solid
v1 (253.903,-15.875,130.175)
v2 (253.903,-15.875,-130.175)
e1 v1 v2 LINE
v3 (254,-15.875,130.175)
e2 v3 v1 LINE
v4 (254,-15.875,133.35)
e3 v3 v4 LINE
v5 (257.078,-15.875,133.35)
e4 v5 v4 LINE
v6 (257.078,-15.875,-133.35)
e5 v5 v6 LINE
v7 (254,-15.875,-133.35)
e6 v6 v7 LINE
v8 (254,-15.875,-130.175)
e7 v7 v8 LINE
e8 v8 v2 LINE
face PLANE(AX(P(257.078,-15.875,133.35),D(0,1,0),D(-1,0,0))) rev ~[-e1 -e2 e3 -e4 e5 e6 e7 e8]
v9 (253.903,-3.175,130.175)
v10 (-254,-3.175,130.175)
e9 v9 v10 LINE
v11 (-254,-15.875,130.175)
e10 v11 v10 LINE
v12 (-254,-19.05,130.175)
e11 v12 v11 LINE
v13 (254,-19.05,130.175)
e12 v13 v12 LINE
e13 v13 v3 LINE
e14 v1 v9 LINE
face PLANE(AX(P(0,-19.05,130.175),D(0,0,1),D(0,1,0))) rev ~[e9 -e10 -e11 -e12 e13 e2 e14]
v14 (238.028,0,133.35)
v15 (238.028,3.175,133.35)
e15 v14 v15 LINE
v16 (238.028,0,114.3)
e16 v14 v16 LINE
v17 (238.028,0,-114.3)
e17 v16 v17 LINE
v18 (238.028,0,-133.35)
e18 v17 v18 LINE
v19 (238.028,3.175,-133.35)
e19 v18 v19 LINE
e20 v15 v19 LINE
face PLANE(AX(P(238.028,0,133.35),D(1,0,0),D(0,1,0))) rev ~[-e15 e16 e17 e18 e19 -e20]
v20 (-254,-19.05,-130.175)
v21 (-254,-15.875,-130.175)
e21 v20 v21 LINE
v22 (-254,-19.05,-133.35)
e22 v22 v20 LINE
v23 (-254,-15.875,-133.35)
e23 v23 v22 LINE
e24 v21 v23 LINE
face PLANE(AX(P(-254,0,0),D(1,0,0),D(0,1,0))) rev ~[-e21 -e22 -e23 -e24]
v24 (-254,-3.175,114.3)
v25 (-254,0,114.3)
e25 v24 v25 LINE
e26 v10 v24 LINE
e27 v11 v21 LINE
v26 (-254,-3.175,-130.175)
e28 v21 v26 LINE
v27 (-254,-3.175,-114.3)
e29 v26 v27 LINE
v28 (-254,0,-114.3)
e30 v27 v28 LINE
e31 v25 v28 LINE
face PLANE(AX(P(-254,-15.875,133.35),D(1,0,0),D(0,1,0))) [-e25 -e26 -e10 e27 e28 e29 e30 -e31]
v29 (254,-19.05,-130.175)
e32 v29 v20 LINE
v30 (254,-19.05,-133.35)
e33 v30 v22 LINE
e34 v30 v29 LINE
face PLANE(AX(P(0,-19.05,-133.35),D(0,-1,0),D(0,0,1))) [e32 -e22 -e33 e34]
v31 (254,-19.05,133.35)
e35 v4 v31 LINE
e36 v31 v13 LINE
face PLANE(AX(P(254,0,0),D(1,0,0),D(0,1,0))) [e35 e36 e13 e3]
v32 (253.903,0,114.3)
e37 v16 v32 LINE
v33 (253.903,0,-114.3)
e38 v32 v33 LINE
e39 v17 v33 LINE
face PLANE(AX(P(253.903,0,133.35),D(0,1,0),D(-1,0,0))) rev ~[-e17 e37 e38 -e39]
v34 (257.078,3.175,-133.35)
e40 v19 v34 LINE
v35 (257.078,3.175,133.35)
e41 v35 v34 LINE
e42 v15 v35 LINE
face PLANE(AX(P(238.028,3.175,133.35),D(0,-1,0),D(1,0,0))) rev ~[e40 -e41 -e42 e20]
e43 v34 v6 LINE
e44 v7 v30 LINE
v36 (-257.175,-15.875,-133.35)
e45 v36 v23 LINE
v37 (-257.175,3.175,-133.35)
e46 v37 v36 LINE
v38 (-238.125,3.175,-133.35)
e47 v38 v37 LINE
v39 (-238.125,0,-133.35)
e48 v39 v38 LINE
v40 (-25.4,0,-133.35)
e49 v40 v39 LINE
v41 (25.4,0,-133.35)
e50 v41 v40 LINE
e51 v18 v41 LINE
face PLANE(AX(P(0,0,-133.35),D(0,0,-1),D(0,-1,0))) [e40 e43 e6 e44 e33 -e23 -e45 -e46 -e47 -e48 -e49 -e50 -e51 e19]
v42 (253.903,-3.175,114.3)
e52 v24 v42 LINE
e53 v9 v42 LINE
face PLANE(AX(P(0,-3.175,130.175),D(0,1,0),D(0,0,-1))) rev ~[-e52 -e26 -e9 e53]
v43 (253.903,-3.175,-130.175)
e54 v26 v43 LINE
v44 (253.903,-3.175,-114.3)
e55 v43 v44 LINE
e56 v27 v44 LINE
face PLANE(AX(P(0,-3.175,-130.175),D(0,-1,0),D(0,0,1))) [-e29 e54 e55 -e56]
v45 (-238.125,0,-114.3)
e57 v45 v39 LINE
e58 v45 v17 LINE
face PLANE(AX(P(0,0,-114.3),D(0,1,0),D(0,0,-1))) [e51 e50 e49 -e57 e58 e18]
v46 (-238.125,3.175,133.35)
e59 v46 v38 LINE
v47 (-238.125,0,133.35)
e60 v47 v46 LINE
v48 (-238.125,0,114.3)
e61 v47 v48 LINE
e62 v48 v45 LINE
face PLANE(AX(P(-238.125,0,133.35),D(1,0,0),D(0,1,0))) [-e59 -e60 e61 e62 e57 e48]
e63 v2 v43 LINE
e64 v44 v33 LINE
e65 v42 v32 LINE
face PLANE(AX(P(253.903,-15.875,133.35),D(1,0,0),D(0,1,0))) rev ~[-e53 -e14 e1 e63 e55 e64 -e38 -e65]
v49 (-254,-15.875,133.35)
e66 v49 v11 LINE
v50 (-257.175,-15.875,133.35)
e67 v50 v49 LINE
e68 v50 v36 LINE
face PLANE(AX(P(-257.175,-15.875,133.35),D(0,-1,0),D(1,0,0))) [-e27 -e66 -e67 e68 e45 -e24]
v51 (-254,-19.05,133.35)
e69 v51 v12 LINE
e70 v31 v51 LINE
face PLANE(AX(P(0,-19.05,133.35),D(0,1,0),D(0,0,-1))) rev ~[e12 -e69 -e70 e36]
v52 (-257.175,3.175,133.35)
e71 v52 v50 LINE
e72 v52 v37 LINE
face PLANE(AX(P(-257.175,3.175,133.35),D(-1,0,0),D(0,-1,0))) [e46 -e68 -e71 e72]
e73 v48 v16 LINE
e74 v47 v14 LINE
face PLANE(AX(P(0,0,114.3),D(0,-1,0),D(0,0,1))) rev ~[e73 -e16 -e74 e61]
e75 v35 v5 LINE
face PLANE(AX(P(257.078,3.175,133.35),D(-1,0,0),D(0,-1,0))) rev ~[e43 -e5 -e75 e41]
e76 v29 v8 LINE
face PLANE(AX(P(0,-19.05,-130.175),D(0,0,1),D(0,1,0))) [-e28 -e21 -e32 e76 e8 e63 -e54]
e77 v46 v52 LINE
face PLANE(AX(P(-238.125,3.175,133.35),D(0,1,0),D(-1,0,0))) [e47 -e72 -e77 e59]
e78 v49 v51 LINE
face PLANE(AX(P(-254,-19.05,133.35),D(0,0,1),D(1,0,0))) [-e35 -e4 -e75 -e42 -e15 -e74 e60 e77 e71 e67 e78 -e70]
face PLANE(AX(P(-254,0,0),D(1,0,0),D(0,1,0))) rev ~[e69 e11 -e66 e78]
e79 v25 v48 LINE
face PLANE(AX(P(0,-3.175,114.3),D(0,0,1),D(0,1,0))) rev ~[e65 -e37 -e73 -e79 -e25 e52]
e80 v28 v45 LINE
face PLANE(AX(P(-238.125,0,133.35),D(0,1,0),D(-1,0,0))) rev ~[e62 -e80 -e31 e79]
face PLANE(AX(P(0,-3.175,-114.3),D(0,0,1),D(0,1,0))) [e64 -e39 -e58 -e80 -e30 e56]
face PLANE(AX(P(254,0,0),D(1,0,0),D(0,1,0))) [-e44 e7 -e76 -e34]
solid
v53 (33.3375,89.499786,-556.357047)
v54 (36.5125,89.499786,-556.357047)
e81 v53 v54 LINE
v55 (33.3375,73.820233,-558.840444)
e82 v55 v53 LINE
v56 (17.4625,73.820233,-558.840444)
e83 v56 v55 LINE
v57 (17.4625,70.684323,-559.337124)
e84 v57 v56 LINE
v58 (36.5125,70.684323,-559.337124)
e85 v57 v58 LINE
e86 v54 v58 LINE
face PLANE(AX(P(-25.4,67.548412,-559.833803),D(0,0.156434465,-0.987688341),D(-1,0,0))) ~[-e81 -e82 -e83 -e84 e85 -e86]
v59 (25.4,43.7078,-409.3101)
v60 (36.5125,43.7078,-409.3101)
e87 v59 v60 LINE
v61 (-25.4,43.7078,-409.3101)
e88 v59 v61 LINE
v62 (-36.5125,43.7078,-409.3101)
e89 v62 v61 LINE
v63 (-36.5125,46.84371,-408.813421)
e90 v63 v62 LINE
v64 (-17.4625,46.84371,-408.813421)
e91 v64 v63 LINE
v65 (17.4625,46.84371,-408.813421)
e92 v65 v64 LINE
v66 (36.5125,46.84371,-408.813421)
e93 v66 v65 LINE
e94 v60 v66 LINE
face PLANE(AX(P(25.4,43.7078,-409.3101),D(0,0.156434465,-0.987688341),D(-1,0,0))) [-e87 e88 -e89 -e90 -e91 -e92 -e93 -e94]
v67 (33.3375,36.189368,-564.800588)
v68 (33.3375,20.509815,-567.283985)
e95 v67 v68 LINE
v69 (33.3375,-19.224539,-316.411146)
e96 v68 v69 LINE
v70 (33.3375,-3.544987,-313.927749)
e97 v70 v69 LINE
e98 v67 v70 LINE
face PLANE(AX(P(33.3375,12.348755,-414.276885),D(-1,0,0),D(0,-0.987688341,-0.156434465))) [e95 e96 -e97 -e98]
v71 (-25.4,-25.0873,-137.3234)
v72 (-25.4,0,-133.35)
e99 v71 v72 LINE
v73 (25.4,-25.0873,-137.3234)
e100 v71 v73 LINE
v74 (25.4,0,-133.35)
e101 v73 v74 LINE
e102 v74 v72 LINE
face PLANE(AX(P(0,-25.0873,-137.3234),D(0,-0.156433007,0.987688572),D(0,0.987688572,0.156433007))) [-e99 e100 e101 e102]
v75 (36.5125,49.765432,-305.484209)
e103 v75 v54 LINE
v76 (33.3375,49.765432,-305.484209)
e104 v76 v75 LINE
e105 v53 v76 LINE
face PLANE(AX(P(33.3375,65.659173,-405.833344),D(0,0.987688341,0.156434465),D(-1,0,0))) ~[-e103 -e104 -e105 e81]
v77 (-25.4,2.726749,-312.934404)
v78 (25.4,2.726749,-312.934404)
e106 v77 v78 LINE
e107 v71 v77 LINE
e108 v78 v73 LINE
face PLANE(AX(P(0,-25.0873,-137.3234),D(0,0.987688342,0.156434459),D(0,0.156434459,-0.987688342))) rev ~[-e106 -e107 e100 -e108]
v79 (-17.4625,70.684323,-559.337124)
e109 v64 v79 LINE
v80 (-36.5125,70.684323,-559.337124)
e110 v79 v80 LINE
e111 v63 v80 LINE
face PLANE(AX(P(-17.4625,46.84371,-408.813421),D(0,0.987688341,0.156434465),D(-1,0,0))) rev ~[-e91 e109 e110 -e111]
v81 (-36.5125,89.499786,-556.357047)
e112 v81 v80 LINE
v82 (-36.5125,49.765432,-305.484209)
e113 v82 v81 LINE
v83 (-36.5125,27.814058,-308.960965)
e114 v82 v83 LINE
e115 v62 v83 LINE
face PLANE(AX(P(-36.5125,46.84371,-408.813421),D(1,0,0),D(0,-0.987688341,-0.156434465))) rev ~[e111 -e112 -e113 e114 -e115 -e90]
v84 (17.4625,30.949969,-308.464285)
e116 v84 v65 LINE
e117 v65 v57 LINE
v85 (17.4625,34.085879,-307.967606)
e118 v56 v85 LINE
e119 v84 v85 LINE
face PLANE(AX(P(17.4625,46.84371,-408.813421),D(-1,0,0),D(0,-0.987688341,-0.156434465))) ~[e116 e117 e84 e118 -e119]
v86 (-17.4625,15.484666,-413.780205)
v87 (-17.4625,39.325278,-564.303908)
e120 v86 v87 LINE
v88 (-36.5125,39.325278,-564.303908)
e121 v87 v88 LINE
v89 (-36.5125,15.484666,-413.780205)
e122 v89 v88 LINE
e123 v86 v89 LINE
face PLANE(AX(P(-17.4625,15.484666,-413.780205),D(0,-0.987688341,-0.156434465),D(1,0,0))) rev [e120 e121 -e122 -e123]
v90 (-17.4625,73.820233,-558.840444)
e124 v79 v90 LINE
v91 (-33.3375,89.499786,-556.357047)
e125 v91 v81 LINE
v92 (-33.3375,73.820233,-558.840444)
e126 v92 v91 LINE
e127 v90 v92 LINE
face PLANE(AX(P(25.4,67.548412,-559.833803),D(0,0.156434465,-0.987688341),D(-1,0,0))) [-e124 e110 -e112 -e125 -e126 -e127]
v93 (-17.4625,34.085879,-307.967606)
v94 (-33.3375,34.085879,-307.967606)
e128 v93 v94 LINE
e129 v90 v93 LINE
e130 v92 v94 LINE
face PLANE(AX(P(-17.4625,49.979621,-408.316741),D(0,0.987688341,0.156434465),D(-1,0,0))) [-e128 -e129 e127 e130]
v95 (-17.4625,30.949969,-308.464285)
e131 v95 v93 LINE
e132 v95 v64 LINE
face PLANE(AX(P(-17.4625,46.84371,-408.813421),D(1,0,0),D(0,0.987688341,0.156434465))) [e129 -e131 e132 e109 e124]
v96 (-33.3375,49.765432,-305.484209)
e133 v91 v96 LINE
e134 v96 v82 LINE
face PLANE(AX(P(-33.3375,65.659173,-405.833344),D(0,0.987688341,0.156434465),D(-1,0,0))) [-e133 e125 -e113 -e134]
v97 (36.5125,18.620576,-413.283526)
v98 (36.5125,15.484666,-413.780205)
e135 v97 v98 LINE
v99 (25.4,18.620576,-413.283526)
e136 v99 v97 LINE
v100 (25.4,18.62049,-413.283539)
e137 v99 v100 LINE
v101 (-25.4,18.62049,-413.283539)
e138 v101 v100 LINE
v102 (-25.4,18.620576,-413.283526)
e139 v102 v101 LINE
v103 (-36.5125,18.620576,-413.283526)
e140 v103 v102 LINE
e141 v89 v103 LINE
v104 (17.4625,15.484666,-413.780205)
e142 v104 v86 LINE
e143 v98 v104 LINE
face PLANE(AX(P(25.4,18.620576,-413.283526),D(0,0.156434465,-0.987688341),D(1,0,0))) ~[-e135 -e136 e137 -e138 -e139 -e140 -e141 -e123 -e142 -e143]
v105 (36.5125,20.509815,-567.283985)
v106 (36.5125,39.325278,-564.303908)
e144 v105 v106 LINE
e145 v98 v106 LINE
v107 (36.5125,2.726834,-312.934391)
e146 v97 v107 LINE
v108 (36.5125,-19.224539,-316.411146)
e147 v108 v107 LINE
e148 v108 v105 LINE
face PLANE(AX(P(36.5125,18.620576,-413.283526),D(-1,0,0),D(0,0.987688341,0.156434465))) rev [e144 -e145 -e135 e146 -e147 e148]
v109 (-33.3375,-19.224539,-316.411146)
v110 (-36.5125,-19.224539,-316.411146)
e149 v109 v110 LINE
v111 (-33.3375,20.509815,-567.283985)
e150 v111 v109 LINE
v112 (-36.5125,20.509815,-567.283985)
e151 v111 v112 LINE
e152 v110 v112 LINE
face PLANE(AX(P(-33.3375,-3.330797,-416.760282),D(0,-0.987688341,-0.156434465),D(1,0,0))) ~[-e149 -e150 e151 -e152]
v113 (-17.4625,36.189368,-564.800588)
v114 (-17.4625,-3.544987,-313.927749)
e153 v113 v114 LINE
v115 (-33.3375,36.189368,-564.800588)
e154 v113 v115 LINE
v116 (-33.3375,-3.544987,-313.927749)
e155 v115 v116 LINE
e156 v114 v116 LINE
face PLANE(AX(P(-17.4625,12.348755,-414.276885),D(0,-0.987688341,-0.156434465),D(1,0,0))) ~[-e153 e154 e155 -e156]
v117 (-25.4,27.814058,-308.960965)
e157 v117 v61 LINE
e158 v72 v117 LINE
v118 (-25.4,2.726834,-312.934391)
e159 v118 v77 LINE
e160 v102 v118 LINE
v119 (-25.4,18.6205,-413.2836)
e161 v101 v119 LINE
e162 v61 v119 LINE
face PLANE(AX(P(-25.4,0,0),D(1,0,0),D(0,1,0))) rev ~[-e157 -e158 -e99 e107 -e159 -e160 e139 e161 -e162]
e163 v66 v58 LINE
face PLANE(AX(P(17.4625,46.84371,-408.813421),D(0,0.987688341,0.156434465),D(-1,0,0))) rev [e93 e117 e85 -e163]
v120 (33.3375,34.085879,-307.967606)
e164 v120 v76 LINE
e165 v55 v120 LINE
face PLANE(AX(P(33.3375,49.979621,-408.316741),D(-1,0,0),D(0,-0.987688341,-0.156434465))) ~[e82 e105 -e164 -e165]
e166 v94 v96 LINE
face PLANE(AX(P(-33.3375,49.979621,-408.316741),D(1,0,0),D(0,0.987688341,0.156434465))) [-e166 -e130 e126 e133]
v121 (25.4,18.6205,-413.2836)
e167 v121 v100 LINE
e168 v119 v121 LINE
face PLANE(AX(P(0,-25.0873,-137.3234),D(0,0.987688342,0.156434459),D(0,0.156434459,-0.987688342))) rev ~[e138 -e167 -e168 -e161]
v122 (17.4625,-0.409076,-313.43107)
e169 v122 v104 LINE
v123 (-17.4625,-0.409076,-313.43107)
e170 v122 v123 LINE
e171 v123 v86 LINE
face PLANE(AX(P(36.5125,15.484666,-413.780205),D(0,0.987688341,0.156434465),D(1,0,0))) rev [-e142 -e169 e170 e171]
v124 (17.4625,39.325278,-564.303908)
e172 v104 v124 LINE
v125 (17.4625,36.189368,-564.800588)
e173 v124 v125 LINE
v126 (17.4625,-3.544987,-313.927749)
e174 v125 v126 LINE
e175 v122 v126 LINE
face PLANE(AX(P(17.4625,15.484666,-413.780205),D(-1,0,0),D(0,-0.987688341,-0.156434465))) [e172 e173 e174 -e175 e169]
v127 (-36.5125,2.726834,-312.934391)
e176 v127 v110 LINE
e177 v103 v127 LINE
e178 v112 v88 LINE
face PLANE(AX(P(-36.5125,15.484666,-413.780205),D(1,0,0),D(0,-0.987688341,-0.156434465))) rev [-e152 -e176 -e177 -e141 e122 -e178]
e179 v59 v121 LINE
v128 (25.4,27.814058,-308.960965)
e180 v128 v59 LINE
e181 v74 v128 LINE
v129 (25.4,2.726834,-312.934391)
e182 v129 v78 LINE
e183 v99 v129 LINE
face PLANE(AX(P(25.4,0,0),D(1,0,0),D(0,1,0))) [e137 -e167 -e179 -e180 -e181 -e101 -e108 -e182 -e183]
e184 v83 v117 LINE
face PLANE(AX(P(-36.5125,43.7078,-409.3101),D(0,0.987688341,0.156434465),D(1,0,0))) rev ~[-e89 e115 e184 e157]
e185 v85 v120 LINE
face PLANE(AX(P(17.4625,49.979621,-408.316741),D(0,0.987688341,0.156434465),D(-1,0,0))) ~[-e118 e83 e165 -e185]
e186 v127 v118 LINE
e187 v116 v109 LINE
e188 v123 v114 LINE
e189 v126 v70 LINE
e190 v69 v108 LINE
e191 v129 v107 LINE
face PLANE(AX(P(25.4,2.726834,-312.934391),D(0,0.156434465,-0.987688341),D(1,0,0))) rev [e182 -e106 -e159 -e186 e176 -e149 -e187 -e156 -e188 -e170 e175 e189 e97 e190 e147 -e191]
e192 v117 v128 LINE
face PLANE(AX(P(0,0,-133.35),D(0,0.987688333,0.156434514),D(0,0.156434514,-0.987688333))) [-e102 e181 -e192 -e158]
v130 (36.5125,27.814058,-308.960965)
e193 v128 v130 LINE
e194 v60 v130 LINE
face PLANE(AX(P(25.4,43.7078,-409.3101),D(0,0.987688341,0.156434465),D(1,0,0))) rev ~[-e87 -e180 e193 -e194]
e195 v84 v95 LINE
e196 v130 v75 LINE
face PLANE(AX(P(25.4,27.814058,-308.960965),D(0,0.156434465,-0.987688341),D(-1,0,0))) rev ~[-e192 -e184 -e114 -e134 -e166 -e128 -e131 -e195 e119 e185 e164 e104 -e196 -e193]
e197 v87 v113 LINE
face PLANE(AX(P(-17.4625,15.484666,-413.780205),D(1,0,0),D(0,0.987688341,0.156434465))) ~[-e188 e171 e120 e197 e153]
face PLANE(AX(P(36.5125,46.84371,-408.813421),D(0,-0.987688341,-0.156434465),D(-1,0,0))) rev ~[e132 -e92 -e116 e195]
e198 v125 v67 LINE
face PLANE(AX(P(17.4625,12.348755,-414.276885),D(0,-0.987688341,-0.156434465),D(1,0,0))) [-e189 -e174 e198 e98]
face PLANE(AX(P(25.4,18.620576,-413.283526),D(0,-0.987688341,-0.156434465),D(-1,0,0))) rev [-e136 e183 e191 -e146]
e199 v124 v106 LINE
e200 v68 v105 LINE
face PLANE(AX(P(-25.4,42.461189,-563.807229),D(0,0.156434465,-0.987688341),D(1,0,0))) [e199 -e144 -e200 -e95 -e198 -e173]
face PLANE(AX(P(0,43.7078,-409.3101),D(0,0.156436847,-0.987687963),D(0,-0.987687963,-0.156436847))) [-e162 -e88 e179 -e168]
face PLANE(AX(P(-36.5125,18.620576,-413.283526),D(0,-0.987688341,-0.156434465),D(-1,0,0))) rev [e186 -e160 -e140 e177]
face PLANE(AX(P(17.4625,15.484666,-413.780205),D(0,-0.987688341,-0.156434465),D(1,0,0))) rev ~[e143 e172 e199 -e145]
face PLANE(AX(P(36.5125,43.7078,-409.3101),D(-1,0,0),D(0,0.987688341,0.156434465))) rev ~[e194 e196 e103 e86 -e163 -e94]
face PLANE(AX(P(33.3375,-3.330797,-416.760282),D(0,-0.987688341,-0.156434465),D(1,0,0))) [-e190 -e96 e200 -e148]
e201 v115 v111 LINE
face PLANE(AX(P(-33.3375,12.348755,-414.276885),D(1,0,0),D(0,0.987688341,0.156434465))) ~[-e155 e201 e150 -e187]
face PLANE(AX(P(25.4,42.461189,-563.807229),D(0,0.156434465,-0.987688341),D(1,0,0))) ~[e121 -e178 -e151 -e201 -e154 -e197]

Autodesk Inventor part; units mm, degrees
ref_plane "YZ Plane" through (0, 0, 0) normal (1, 0, 0) x (0, 1, 0)
sketch "Sketch1" plane through (0, 0, 0) normal (1, 0, 0) x (0, 1, 0)
  line L0 (-3.175, 114.3) -> (0, 114.3)
  line L1 (0, 114.3) -> (0, 133.35)
  line L2 (0, 133.35) -> (-19.05, 133.35)
  line L3 (-19.05, 133.35) -> (-19.05, 130.175)
  line L4 (-19.05, 130.175) -> (-3.175, 130.175)
  line L5 (-3.175, 130.175) -> (-3.175, 114.3)
  line L6 (0, -114.3) -> (0, -133.35)
  line L7 (0, -133.35) -> (-19.05, -133.35)
  line L8 (-19.05, -133.35) -> (-19.05, -130.175)
  line L9 (-19.05, -130.175) -> (-3.175, -130.175)
  line L10 (-3.175, -130.175) -> (-3.175, -114.3)
  line L11 (-3.175, -114.3) -> (0, -114.3)
  line L12 (-25.4768, 0) -> (19.5105, 0) construction
  line L13 (0, -349.8749) -> (0, 213.8875) construction
  point P0 (0, 0)
  dimension "d0" = 19.05
  dimension "d1" = 19.05
  dimension "d3" = 266.7
  dimension "d4" = 3.175
extrude "Extrusion1" add sketch "Sketch1" along normal mid plane 508
sketch "Sketch3" plane through (0, 0, 0) normal (1, 0, 0) x (0, 1, 0)
  line L0 (-25.0873, -137.3234) -> (18.6205, -413.2836)
  line L1 (0, -323.2049) -> (0, 53.8675) projected
  line L2 (-25.0873, -137.3234) -> (0, -133.35)
  line L3 (0, -133.35) -> (43.7078, -409.3101)
  line L4 (43.7078, -409.3101) -> (18.6205, -413.2836)
  point P0 (0, 0)
  dimension "d7" = 9
  dimension "d8" = 279.4
  dimension "d10" = 25.4
extrude "Extrusion2" add sketch "Sketch3" along normal mid plane 50.8
sketch "Sketch12" plane through (-25.4, -25.0873, -137.3234) normal (0, -0.1564, 0.9877) x (1, 0, 0)
  line L0 (3.175, 3.175) -> (47.625, 3.175)
  line L1 (47.625, 3.175) -> (47.625, 22.225)
  line L2 (47.625, 22.225) -> (3.175, 22.225)
  line L3 (3.175, 22.225) -> (3.175, 3.175)
  line L4 (0, 25.4) -> (50.8, 25.4) projected
  line L5 (50.8, 0) -> (50.8, 25.4) projected
  line L6 (0, 25.4) -> (0, 0) projected
  line L7 (0, 0) -> (50.8, 0) projected
  point P0 (25.4, 46.2605)
  dimension "d50" = 3.175
  dimension "d51" = 3.175
  dimension "d52" = 3.175
  dimension "d53" = 3.175
sketch "Sketch4" plane through (-254, -19.05, 133.35) normal (0, 0, 1) x (1, 0, 0)
  line L0 (228.6, 19.05) -> (0, 19.05) projected
  line L1 (15.875, 19.05) -> (15.875, 22.225)
  line L2 (15.875, 22.225) -> (-3.175, 22.225)
  line L3 (-3.175, 22.225) -> (-3.175, 3.175)
  line L4 (-3.175, 3.175) -> (0, 3.175)
  line L5 (0, 3.175) -> (0, 19.05)
  line L6 (0, 19.05) -> (15.875, 19.05)
  line L7 (492.028, 19.05) -> (492.028, 22.225)
  line L8 (492.028, 22.225) -> (511.078, 22.225)
  line L9 (511.078, 22.225) -> (511.078, 3.175)
  line L10 (511.078, 3.175) -> (507.903, 3.175)
  line L11 (507.903, 3.175) -> (507.903, 19.05)
  line L12 (507.903, 19.05) -> (492.028, 19.05)
  line L13 (508, 19.05) -> (279.4, 19.05) projected
  line L14 (0, 19.05) -> (508, 19.05) projected
  point P0 (254, 19.05)
  dimension "d13" = 19.05
  dimension "d15" = 3.175
extrude "Extrusion3" add sketch "Sketch4" against normal up to surface (266.7 mm away)
sketch "Sketch6" plane through (25.4, 43.7078, -409.3101) normal (0, 0.1564, -0.9877) x (-1, 0, 0)
  line L0 (50.8, 0) -> (0, 0) construction
  line L1 (0, -25.4) -> (0, 0) construction
  line L2 (50.8, -25.4) -> (0, -25.4) construction
  line L3 (50.8, 0) -> (50.8, -25.4) construction
  line L4 (0, 0) -> (50.8, 0) construction
  line L5 (42.8625, 3.175) -> (42.8625, 6.35)
  line L6 (42.8625, 6.35) -> (58.7375, 6.35)
  line L7 (58.7375, 6.35) -> (58.7375, 22.225)
  line L8 (58.7375, 22.225) -> (61.9125, 22.225)
  line L9 (61.9125, 22.225) -> (61.9125, 3.175)
  line L10 (42.8625, 3.175) -> (61.9125, 3.175)
  line L11 (25.4, -25.4) -> (25.4, -0.1558) construction
  point P0 (25.4, 20.8605)
  dimension "d18" = 19.05
  dimension "d19" = 3.175
  dimension "d20" = 25.4
  dimension "d21" = 17.4625
  dimension "d47" = 3.175
extrude "Extrusion4" add sketch "Sketch6" along normal blind 152.4 and the other way blind 101.6
ref_plane "Work Plane1" through (0, 0, 0) normal (-1, 0, 0) x (0, 0, 1)
mirror "Mirror1" about plane through (0, 0, 0) normal (-1, 0, 0) of "Extrusion4"
sketch "Sketch10" plane through (25.4, 43.7078, -409.3101) normal (0, 0.1564, -0.9877) x (-1, 0, 0)
  line L0 (-11.1125, 3.175) -> (61.9125, 3.175)
  line L1 (61.9125, 3.175) -> (61.9125, 0)
  line L2 (61.9125, 0) -> (-11.1125, 0)
  line L3 (-11.1125, 0) -> (-11.1125, 3.175)
  line L4 (61.9125, 3.175) -> (61.9125, 22.225) projected
  line L5 (50.8, 0) -> (0, 0) projected
  line L6 (42.8625, 3.175) -> (61.9125, 3.175) projected
  line L7 (-11.1125, 3.175) -> (-11.1125, 22.225) projected
  point P0 (25.4, 20.8605)
extrude "Extrusion6" add sketch "Sketch10" against normal up to surface (101.6 mm away)
ref_plane "Work Plane2" through (-25.4, -12.5436, -135.3367) normal (0, 0.9877, 0.1564) x (1, 0, 0)
mirror "Mirror2" about plane through (-25.4, -12.5436, -135.3367) normal (0, 0.9877, 0.1564) of "Extrusion4", "Mirror1", "Extrusion6"
properties part number "Prow rev2"
